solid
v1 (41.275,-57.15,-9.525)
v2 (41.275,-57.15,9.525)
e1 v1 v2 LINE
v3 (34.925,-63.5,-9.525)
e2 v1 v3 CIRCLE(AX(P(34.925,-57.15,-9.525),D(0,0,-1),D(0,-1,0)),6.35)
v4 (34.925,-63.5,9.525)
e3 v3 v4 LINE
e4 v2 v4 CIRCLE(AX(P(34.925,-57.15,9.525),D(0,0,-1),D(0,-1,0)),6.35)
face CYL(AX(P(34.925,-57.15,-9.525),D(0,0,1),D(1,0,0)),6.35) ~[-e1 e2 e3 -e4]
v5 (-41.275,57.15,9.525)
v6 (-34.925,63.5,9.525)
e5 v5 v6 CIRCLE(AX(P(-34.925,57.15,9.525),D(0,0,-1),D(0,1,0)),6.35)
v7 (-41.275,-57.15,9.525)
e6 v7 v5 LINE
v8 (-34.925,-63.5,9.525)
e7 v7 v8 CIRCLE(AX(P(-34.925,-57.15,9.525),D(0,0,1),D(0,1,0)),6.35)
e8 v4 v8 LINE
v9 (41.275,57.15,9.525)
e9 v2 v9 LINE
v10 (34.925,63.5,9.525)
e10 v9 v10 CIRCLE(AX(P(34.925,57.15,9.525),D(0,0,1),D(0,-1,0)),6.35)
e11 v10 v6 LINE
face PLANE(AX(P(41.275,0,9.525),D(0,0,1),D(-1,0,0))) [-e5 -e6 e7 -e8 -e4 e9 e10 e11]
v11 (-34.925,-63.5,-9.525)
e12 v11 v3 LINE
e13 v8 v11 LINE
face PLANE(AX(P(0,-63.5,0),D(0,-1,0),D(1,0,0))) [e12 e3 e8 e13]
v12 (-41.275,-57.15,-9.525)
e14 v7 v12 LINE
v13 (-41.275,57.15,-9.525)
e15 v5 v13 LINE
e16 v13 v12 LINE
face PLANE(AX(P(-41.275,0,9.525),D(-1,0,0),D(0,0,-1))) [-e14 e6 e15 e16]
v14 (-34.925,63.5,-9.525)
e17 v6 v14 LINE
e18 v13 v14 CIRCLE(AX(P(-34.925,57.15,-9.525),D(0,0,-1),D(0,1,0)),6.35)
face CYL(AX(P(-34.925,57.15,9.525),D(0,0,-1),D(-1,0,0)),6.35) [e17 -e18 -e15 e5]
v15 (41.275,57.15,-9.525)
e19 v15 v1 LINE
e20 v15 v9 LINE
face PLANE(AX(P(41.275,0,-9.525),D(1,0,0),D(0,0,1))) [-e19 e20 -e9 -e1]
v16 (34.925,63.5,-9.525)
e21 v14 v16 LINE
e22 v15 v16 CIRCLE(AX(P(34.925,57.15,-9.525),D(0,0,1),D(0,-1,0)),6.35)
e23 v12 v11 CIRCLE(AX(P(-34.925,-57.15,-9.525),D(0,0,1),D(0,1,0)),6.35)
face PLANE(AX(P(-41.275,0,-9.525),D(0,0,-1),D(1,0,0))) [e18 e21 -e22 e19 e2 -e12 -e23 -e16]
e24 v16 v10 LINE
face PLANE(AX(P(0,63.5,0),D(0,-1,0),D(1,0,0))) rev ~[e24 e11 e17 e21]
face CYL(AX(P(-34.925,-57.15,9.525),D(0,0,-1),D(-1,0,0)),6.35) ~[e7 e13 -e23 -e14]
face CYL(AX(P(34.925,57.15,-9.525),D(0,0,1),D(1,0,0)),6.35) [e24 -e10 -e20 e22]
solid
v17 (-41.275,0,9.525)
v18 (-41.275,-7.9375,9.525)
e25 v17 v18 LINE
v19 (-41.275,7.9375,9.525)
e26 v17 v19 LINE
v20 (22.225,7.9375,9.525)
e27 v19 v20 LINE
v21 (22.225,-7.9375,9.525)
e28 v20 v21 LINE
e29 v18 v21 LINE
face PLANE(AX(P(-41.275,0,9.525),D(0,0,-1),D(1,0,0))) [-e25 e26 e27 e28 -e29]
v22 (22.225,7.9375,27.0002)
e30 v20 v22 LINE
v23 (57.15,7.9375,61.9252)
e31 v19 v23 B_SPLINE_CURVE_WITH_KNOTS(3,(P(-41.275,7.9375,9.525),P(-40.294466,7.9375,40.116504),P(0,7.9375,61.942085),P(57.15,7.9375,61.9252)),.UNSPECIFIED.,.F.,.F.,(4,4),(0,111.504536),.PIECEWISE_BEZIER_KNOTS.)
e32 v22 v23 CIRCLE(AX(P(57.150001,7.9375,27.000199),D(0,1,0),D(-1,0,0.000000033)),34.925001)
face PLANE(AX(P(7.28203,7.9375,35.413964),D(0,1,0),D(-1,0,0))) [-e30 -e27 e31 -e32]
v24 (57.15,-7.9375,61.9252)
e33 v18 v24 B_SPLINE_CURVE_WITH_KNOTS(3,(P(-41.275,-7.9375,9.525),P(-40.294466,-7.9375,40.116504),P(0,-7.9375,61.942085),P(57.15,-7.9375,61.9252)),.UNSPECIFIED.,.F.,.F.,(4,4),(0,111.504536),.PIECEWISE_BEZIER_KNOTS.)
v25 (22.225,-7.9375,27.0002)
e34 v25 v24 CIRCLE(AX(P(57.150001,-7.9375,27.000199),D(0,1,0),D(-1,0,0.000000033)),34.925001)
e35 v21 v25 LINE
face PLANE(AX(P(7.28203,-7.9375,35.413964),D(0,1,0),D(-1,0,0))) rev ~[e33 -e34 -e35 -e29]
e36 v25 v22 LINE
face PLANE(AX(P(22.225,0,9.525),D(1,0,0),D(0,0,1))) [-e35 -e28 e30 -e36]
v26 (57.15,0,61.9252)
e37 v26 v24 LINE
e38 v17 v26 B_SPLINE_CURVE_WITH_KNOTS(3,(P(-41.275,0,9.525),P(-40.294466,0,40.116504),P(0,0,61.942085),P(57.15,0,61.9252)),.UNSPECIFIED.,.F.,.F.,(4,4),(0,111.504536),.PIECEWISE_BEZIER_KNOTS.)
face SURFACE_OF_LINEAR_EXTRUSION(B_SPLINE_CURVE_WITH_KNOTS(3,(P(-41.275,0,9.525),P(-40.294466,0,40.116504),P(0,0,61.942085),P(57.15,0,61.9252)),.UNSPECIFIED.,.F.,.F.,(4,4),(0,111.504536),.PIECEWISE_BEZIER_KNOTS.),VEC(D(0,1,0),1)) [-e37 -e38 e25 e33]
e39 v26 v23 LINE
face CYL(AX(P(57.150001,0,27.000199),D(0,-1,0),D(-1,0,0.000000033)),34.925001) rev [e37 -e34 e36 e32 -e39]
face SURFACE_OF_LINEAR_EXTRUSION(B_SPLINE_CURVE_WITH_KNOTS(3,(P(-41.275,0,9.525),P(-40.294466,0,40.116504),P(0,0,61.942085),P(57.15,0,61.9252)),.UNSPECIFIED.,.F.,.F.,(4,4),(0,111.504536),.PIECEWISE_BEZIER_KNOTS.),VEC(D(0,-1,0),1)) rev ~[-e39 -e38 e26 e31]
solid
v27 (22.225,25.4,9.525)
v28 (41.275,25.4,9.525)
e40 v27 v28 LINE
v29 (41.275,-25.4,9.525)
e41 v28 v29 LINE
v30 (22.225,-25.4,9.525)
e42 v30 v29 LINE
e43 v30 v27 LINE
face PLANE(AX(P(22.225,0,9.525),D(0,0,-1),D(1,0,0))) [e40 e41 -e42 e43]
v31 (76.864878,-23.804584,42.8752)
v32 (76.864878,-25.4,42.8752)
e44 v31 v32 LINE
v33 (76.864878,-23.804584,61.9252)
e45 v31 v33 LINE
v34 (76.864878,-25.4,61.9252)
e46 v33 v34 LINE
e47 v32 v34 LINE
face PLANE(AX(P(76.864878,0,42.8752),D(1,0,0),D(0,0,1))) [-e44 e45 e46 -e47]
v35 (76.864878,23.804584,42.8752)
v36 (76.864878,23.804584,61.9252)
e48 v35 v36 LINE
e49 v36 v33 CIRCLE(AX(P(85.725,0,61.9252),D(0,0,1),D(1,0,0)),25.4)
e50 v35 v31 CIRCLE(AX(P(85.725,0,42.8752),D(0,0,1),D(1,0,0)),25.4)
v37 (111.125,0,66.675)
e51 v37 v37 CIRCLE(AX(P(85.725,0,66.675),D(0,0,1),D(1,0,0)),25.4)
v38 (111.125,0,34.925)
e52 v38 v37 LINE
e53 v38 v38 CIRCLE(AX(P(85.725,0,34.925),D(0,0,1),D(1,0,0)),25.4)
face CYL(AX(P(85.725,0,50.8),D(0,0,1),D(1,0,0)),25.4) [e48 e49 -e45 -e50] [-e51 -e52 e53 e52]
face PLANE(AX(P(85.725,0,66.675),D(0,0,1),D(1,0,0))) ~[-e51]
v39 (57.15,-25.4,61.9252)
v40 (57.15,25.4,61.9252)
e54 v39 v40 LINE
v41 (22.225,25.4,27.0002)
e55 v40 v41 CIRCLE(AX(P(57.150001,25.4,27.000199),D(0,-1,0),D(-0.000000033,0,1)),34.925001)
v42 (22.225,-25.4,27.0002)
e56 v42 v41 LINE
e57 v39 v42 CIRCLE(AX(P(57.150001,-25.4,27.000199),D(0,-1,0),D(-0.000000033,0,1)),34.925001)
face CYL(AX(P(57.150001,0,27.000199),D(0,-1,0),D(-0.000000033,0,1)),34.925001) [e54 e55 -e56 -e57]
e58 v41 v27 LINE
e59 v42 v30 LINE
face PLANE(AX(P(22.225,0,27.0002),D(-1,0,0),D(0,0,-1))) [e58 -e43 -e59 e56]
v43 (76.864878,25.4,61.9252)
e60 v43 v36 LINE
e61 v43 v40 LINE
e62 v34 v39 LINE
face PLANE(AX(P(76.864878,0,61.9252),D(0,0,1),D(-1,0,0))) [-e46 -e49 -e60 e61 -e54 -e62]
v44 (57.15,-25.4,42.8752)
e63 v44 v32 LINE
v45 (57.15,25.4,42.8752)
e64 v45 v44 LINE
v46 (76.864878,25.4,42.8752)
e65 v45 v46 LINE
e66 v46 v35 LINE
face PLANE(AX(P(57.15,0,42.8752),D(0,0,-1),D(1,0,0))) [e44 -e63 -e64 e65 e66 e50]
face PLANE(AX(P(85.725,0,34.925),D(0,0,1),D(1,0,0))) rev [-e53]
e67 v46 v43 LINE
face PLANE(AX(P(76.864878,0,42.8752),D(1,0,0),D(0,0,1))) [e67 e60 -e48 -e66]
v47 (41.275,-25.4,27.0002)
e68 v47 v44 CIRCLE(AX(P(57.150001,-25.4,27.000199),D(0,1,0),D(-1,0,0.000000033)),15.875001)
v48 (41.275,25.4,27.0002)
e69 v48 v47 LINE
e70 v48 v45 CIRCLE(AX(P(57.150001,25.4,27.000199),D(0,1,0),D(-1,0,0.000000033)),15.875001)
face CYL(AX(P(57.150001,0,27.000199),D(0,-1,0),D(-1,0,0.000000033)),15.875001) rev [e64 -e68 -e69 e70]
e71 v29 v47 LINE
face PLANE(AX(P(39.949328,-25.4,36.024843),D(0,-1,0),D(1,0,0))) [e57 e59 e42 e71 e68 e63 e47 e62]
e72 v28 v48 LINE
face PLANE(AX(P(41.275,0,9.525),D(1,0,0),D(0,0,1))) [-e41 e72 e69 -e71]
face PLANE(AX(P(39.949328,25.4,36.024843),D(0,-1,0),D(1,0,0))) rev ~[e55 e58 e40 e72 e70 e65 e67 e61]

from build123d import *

# Parameters (mm, degrees)
F1_DEPTH = 63.5
F0_W     = 16.539878
F0_H     = 19.05
F2_DEPTH = 25.4
F3_DEPTH = 7.9375
F0_W_2   = 25.4
F0_H_2   = 31.75
F5_R     = 6.35


with BuildPart() as f1:
    # F0 (on Front) → F1 (new body, symmetric)
    with BuildSketch(Plane.XZ):
        Polygon((-41.275, 9.525), (-41.275, -9.525), (41.275, -9.525), (41.275, 9.525), (22.225, 9.525), align=None)
    extrude(amount=F1_DEPTH, both=True)

    # F5
    f5_edges = [f1.edges().sort_by_distance(p)[0] for p in [
        (-41.275, -63.5, 0),
        (41.275, -63.5, 0),
        (41.275, 63.5, 0),
        (-41.275, 63.5, 0),
    ]]
    fillet(f5_edges, radius=F5_R)


with BuildPart() as f2:
    # F0 (on Front) → F2 (new body, symmetric)
    with BuildSketch(Plane.XZ):
        with BuildLine():
            Line((22.225, 9.525), (41.275, 9.525))
            Line((41.275, 9.525), (41.275, 27.0002))
            ThreePointArc((41.275, 27.0002), (45.92468, 38.22552), (57.15, 42.8752))
            Line((57.15, 42.8752), (60.325, 42.8752))
            Line((60.325, 42.8752), (60.325, 61.9252))
            Line((60.325, 61.9252), (57.15, 61.9252))
            ThreePointArc((57.15, 61.9252), (32.454296, 51.695904), (22.225, 27.0002))
            Line((22.225, 27.0002), (22.225, 9.525))
        make_face()
        with Locations((68.594939, 52.4002)):
            Rectangle(F0_W, F0_H)
    extrude(amount=F2_DEPTH, both=True)

    # F0 (on Front) → F4 (revolve)
    with BuildSketch(Plane.XZ):
        with Locations((98.425, 50.8)):
            Rectangle(F0_W_2, F0_H_2)
    revolve(axis=Axis((85.725, 0, 50.8), (0, 0, 1)))


with BuildPart() as f3:
    # F0 (on Front) → F3 (new body, symmetric)
    with BuildSketch(Plane.XZ):
        with BuildLine():
            add(Edge.make_bspline(
                [(-41.275, 9.525), (-40.294466, 40.116504), (0, 61.942085), (57.15, 61.9252)],
                knots=[0, 0, 0, 0, 111.504536, 111.504536, 111.504536, 111.504536], degree=3))
            Line((-41.275, 9.525), (22.225, 9.525))
            Line((22.225, 9.525), (22.225, 27.0002))
            ThreePointArc((22.225, 27.0002), (32.454296, 51.695904), (57.15, 61.9252))
        make_face()
    extrude(amount=F3_DEPTH, both=True)


solid = Compound([f1.part, f2.part, f3.part])
